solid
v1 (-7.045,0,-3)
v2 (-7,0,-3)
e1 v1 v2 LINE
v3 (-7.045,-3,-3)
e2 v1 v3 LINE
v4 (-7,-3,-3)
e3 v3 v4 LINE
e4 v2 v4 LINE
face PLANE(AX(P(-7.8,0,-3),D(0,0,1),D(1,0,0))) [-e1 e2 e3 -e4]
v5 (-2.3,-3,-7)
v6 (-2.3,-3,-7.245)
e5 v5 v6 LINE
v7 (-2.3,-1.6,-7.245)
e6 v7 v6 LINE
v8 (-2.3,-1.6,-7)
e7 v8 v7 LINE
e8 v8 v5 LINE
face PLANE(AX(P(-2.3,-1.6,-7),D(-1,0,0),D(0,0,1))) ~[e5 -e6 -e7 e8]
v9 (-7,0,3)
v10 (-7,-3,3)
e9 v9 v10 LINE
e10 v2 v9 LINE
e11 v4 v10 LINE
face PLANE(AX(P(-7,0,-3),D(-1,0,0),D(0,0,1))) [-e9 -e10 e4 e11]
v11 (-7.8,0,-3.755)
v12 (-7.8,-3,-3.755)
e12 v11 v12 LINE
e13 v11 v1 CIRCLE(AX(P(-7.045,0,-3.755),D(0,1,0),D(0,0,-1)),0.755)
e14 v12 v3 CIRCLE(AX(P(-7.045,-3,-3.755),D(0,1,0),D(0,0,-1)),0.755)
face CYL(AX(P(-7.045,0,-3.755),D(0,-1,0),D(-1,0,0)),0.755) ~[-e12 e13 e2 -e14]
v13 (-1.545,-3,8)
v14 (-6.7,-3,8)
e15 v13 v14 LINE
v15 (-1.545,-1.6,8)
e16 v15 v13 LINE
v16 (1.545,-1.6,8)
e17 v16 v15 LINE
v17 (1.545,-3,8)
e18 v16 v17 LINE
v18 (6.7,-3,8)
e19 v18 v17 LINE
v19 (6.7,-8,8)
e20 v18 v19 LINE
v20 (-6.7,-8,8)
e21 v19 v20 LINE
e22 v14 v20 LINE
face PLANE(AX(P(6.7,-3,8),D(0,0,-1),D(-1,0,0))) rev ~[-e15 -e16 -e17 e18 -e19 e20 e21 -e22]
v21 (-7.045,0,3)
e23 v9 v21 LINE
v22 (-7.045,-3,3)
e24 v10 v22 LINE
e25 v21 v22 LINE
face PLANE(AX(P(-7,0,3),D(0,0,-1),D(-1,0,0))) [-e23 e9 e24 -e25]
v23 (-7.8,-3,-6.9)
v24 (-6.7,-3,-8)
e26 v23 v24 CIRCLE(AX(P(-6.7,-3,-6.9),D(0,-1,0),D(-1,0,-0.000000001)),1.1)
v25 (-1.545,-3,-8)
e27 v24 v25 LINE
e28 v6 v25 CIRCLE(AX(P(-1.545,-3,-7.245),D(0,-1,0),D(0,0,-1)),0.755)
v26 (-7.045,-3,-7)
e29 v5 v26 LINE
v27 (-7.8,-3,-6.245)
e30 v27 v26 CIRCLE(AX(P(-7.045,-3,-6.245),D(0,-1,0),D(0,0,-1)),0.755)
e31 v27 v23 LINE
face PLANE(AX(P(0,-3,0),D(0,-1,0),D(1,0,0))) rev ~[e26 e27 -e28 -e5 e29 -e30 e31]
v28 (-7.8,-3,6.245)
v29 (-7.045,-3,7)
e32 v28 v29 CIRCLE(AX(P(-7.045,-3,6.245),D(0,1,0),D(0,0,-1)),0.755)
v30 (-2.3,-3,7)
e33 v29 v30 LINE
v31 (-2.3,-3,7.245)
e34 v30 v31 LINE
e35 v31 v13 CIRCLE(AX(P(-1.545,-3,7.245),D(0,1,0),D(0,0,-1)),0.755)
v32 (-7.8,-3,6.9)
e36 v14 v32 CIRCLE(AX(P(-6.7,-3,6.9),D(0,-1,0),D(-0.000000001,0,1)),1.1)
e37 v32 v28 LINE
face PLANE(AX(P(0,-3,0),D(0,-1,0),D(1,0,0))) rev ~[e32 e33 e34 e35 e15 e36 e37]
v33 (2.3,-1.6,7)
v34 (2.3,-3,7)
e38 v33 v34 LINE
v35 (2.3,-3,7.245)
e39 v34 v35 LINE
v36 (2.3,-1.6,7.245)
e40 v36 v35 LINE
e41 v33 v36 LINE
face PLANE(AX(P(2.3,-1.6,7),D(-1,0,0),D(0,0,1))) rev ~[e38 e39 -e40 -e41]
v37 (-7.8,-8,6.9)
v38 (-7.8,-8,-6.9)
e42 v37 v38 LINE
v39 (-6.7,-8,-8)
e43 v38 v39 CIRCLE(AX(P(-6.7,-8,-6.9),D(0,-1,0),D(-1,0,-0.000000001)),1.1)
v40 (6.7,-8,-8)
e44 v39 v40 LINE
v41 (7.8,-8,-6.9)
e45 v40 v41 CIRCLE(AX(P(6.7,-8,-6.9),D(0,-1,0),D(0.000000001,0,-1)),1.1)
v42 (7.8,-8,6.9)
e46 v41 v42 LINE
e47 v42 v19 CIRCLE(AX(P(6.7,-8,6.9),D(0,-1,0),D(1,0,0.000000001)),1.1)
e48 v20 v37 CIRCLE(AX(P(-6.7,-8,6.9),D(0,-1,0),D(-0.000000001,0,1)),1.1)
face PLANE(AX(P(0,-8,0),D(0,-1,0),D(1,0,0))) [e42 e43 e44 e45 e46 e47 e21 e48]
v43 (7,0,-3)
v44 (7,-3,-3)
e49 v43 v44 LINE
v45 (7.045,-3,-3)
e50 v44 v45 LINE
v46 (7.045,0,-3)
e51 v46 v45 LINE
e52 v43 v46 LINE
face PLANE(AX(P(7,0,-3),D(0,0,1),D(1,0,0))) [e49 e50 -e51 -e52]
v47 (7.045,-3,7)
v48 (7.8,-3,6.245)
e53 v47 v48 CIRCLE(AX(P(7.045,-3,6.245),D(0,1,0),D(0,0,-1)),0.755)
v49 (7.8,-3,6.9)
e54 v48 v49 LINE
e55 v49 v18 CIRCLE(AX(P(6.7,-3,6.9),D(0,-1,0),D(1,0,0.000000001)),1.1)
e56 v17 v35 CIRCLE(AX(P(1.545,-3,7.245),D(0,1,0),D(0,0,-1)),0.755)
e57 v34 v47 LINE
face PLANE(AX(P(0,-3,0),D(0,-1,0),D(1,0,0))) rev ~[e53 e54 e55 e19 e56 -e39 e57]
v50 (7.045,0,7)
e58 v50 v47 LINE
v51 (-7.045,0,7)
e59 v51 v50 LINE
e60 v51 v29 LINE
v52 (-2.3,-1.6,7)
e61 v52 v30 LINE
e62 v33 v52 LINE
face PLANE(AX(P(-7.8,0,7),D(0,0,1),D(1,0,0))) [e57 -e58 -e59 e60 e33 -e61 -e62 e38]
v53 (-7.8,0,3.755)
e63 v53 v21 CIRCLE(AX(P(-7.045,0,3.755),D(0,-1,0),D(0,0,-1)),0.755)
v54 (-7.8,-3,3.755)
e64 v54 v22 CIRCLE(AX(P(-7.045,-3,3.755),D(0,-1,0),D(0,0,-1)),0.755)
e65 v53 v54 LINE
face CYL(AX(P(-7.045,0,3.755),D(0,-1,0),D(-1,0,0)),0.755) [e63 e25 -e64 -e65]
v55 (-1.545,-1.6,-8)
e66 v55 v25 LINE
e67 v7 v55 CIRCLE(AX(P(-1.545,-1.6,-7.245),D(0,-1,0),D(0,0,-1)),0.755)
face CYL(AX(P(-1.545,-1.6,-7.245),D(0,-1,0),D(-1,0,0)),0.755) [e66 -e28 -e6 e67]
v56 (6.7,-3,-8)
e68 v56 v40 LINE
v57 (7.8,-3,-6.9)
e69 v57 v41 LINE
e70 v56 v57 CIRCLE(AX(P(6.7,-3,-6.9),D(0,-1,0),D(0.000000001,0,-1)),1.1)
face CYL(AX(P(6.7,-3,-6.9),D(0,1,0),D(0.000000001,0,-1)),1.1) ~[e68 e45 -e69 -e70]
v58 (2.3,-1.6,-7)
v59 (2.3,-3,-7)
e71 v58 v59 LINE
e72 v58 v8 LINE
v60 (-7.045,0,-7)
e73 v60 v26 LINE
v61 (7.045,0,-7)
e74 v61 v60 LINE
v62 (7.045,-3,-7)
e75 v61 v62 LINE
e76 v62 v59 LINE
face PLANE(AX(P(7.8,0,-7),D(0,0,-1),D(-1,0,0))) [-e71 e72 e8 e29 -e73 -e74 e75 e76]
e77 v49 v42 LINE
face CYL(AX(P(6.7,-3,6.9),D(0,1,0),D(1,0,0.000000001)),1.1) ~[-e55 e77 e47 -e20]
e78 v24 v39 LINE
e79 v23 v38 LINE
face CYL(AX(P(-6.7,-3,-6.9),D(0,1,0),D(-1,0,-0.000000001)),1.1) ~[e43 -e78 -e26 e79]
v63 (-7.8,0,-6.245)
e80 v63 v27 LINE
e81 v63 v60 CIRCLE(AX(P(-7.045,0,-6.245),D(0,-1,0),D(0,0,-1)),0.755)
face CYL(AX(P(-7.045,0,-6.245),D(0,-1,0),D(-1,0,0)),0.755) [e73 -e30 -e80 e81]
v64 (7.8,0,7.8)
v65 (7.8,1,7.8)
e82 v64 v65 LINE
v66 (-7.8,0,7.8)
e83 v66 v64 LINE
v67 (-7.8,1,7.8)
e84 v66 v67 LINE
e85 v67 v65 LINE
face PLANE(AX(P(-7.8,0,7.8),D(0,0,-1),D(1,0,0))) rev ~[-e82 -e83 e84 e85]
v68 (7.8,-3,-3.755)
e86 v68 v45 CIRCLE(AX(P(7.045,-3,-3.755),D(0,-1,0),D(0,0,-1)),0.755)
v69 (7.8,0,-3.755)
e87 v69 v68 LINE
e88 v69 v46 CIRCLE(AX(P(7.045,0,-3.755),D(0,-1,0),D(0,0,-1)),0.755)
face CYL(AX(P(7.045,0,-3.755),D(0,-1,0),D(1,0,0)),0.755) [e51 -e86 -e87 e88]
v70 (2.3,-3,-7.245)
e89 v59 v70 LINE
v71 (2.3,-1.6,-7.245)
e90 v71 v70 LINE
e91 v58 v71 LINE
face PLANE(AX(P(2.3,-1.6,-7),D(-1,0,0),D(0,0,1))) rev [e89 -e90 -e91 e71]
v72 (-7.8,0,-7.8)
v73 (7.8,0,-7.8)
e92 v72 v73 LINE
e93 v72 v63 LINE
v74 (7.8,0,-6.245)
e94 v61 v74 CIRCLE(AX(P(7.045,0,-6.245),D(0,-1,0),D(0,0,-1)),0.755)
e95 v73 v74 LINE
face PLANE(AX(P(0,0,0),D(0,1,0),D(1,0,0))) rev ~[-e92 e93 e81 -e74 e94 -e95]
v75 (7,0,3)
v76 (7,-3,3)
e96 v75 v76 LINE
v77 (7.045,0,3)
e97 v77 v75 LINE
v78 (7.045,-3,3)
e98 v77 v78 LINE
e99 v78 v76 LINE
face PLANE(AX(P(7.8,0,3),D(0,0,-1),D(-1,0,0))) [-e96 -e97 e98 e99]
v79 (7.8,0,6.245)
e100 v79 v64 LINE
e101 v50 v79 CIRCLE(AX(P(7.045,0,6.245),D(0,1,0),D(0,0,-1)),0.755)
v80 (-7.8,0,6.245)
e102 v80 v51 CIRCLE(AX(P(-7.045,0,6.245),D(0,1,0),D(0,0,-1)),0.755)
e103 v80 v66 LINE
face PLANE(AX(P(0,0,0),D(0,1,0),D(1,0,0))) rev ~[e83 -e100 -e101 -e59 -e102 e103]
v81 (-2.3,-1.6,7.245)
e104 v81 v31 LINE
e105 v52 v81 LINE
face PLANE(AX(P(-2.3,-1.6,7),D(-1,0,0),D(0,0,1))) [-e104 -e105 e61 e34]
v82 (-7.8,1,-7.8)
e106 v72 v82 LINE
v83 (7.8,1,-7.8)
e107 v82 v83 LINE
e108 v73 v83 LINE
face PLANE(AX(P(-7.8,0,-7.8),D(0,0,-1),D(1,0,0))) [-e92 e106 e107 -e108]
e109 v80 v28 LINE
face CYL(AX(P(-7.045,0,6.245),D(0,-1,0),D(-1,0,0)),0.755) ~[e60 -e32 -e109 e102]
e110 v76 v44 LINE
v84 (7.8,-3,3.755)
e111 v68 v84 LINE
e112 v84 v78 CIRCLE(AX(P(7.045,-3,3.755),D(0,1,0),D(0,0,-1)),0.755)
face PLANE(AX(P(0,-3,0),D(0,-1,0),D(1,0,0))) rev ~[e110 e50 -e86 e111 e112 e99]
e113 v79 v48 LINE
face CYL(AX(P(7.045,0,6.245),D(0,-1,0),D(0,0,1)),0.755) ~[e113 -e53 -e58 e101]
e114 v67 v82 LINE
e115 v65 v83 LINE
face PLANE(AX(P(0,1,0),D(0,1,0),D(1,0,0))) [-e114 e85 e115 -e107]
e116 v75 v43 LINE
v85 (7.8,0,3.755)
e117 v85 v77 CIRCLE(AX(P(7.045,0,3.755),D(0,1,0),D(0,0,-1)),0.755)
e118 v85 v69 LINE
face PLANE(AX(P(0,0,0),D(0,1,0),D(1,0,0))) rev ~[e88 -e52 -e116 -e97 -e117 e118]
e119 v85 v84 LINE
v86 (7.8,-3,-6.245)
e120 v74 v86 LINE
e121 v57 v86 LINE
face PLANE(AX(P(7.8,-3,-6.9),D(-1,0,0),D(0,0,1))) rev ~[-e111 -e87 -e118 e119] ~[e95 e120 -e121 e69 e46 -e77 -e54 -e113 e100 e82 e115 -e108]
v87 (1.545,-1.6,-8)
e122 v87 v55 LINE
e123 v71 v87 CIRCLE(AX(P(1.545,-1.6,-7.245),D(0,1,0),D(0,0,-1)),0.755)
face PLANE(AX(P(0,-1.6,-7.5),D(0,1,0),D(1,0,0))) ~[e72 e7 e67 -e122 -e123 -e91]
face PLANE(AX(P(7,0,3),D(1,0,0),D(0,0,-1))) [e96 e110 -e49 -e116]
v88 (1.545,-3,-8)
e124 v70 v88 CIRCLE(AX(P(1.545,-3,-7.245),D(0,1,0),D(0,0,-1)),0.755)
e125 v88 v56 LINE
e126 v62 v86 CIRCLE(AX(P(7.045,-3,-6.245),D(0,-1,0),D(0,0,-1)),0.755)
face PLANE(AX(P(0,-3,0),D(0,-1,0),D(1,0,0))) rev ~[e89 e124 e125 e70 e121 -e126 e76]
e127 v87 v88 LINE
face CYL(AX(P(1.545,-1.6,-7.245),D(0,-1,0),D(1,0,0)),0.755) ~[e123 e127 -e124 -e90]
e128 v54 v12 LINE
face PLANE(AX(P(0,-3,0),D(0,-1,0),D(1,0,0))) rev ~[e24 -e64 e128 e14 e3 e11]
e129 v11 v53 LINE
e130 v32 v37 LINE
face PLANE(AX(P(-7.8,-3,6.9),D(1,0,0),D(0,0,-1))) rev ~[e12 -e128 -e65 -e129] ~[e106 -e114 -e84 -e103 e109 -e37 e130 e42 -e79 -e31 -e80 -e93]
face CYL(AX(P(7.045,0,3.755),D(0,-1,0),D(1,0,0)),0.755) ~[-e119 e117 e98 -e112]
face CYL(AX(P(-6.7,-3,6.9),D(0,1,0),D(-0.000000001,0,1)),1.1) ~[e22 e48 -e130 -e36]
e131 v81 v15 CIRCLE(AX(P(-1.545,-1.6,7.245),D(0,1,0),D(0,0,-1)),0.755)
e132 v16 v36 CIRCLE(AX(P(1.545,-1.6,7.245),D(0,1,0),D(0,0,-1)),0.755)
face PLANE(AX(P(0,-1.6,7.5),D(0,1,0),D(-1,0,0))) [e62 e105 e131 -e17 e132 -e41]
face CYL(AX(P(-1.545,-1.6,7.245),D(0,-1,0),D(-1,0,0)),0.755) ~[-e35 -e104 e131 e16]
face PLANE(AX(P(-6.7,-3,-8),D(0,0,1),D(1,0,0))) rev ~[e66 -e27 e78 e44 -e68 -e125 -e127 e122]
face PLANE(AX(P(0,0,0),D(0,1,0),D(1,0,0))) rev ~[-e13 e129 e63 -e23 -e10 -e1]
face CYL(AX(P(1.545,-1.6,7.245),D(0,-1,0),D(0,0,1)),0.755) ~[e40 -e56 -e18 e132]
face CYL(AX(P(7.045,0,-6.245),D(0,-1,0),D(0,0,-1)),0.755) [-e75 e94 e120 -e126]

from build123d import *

# Parameters (mm, degrees)
SKETCH2_W           = 15.6
SKETCH2_H           = 15.6
BOSS_EXTRUDE2_DEPTH = 1
BOSS_EXTRUDE1_DEPTH = 3
SKETCH3_W           = 4.6
SKETCH3_H           = 1
BOSS_EXTRUDE3_DEPTH = 1.4
FILLET1_R           = 0.755
BOSS_EXTRUDE4_DEPTH = 5


with BuildPart() as part:
    # Sketch2 → Boss-Extrude2 (new body)
    with BuildSketch(Plane(origin=(0, 0, 0), x_dir=(1, 0, 0), z_dir=(0, 1, 0))):
        Rectangle(SKETCH2_W, SKETCH2_H)
    extrude(amount=BOSS_EXTRUDE2_DEPTH)

    # Cutout → Boss-Extrude1 (add)
    with BuildSketch(Plane(origin=(0, 0, 0), x_dir=(1, 0, 0), z_dir=(0, 1, 0))):
        Polygon((-7.8, 3), (-7, 3), (-7, -3), (-7.8, -3), (-7.8, -7), (7.8, -7), (7.8, -3), (7, -3), (7, 3), (7.8, 3), (7.8, 7), (-7.8, 7), align=None)
    extrude(amount=-BOSS_EXTRUDE1_DEPTH)

    # Sketch3 → Boss-Extrude3 (add)
    with BuildSketch(Plane(origin=(0, -1.6, 0), x_dir=(-1, 0, 0), z_dir=(0, 1, 0))):
        with Locations((0, 7.5)):
            Rectangle(SKETCH3_W, SKETCH3_H)
    boss_extrude3 = extrude(amount=-BOSS_EXTRUDE3_DEPTH)

    # Mirror1: Boss-Extrude3 across plane
    add(boss_extrude3.mirror(Plane.XY))

    # Fillet1
    fillet1_edges = [part.edges().sort_by_distance(p)[0] for p in [
        (7.8, -1.5, 7),
        (7.8, -1.5, 3),
        (7.8, -1.5, -3),
        (7.8, -1.5, -7),
        (2.3, -2.3, -8),
        (-2.3, -2.3, -8),
        (-7.8, -1.5, -3),
        (-7.8, -1.5, -7),
        (2.3, -2.3, 8),
        (-2.3, -2.3, 8),
        (-7.8, -1.5, 7),
        (-7.8, -1.5, 3),
    ]]
    fillet(fillet1_edges, radius=FILLET1_R)

    # Sketch4 → Boss-Extrude4 (add)
    with BuildSketch(Plane.XZ.offset(3)):
        with BuildLine():
            Line((-6.7, -8), (6.7, -8))
            ThreePointArc((6.7, -8), (7.477817459, -7.677817459), (7.8, -6.9))
            Line((7.8, -6.9), (7.8, 6.9))
            ThreePointArc((7.8, 6.9), (7.477817459, 7.677817459), (6.7, 8))
            Line((6.7, 8), (-6.7, 8))
            ThreePointArc((-6.7, 8), (-7.477817459, 7.677817459), (-7.8, 6.9))
            Line((-7.8, 6.9), (-7.8, -6.9))
            ThreePointArc((-7.8, -6.9), (-7.477817459, -7.677817459), (-6.7, -8))
        make_face()
    extrude(amount=BOSS_EXTRUDE4_DEPTH)


solid = part.part
